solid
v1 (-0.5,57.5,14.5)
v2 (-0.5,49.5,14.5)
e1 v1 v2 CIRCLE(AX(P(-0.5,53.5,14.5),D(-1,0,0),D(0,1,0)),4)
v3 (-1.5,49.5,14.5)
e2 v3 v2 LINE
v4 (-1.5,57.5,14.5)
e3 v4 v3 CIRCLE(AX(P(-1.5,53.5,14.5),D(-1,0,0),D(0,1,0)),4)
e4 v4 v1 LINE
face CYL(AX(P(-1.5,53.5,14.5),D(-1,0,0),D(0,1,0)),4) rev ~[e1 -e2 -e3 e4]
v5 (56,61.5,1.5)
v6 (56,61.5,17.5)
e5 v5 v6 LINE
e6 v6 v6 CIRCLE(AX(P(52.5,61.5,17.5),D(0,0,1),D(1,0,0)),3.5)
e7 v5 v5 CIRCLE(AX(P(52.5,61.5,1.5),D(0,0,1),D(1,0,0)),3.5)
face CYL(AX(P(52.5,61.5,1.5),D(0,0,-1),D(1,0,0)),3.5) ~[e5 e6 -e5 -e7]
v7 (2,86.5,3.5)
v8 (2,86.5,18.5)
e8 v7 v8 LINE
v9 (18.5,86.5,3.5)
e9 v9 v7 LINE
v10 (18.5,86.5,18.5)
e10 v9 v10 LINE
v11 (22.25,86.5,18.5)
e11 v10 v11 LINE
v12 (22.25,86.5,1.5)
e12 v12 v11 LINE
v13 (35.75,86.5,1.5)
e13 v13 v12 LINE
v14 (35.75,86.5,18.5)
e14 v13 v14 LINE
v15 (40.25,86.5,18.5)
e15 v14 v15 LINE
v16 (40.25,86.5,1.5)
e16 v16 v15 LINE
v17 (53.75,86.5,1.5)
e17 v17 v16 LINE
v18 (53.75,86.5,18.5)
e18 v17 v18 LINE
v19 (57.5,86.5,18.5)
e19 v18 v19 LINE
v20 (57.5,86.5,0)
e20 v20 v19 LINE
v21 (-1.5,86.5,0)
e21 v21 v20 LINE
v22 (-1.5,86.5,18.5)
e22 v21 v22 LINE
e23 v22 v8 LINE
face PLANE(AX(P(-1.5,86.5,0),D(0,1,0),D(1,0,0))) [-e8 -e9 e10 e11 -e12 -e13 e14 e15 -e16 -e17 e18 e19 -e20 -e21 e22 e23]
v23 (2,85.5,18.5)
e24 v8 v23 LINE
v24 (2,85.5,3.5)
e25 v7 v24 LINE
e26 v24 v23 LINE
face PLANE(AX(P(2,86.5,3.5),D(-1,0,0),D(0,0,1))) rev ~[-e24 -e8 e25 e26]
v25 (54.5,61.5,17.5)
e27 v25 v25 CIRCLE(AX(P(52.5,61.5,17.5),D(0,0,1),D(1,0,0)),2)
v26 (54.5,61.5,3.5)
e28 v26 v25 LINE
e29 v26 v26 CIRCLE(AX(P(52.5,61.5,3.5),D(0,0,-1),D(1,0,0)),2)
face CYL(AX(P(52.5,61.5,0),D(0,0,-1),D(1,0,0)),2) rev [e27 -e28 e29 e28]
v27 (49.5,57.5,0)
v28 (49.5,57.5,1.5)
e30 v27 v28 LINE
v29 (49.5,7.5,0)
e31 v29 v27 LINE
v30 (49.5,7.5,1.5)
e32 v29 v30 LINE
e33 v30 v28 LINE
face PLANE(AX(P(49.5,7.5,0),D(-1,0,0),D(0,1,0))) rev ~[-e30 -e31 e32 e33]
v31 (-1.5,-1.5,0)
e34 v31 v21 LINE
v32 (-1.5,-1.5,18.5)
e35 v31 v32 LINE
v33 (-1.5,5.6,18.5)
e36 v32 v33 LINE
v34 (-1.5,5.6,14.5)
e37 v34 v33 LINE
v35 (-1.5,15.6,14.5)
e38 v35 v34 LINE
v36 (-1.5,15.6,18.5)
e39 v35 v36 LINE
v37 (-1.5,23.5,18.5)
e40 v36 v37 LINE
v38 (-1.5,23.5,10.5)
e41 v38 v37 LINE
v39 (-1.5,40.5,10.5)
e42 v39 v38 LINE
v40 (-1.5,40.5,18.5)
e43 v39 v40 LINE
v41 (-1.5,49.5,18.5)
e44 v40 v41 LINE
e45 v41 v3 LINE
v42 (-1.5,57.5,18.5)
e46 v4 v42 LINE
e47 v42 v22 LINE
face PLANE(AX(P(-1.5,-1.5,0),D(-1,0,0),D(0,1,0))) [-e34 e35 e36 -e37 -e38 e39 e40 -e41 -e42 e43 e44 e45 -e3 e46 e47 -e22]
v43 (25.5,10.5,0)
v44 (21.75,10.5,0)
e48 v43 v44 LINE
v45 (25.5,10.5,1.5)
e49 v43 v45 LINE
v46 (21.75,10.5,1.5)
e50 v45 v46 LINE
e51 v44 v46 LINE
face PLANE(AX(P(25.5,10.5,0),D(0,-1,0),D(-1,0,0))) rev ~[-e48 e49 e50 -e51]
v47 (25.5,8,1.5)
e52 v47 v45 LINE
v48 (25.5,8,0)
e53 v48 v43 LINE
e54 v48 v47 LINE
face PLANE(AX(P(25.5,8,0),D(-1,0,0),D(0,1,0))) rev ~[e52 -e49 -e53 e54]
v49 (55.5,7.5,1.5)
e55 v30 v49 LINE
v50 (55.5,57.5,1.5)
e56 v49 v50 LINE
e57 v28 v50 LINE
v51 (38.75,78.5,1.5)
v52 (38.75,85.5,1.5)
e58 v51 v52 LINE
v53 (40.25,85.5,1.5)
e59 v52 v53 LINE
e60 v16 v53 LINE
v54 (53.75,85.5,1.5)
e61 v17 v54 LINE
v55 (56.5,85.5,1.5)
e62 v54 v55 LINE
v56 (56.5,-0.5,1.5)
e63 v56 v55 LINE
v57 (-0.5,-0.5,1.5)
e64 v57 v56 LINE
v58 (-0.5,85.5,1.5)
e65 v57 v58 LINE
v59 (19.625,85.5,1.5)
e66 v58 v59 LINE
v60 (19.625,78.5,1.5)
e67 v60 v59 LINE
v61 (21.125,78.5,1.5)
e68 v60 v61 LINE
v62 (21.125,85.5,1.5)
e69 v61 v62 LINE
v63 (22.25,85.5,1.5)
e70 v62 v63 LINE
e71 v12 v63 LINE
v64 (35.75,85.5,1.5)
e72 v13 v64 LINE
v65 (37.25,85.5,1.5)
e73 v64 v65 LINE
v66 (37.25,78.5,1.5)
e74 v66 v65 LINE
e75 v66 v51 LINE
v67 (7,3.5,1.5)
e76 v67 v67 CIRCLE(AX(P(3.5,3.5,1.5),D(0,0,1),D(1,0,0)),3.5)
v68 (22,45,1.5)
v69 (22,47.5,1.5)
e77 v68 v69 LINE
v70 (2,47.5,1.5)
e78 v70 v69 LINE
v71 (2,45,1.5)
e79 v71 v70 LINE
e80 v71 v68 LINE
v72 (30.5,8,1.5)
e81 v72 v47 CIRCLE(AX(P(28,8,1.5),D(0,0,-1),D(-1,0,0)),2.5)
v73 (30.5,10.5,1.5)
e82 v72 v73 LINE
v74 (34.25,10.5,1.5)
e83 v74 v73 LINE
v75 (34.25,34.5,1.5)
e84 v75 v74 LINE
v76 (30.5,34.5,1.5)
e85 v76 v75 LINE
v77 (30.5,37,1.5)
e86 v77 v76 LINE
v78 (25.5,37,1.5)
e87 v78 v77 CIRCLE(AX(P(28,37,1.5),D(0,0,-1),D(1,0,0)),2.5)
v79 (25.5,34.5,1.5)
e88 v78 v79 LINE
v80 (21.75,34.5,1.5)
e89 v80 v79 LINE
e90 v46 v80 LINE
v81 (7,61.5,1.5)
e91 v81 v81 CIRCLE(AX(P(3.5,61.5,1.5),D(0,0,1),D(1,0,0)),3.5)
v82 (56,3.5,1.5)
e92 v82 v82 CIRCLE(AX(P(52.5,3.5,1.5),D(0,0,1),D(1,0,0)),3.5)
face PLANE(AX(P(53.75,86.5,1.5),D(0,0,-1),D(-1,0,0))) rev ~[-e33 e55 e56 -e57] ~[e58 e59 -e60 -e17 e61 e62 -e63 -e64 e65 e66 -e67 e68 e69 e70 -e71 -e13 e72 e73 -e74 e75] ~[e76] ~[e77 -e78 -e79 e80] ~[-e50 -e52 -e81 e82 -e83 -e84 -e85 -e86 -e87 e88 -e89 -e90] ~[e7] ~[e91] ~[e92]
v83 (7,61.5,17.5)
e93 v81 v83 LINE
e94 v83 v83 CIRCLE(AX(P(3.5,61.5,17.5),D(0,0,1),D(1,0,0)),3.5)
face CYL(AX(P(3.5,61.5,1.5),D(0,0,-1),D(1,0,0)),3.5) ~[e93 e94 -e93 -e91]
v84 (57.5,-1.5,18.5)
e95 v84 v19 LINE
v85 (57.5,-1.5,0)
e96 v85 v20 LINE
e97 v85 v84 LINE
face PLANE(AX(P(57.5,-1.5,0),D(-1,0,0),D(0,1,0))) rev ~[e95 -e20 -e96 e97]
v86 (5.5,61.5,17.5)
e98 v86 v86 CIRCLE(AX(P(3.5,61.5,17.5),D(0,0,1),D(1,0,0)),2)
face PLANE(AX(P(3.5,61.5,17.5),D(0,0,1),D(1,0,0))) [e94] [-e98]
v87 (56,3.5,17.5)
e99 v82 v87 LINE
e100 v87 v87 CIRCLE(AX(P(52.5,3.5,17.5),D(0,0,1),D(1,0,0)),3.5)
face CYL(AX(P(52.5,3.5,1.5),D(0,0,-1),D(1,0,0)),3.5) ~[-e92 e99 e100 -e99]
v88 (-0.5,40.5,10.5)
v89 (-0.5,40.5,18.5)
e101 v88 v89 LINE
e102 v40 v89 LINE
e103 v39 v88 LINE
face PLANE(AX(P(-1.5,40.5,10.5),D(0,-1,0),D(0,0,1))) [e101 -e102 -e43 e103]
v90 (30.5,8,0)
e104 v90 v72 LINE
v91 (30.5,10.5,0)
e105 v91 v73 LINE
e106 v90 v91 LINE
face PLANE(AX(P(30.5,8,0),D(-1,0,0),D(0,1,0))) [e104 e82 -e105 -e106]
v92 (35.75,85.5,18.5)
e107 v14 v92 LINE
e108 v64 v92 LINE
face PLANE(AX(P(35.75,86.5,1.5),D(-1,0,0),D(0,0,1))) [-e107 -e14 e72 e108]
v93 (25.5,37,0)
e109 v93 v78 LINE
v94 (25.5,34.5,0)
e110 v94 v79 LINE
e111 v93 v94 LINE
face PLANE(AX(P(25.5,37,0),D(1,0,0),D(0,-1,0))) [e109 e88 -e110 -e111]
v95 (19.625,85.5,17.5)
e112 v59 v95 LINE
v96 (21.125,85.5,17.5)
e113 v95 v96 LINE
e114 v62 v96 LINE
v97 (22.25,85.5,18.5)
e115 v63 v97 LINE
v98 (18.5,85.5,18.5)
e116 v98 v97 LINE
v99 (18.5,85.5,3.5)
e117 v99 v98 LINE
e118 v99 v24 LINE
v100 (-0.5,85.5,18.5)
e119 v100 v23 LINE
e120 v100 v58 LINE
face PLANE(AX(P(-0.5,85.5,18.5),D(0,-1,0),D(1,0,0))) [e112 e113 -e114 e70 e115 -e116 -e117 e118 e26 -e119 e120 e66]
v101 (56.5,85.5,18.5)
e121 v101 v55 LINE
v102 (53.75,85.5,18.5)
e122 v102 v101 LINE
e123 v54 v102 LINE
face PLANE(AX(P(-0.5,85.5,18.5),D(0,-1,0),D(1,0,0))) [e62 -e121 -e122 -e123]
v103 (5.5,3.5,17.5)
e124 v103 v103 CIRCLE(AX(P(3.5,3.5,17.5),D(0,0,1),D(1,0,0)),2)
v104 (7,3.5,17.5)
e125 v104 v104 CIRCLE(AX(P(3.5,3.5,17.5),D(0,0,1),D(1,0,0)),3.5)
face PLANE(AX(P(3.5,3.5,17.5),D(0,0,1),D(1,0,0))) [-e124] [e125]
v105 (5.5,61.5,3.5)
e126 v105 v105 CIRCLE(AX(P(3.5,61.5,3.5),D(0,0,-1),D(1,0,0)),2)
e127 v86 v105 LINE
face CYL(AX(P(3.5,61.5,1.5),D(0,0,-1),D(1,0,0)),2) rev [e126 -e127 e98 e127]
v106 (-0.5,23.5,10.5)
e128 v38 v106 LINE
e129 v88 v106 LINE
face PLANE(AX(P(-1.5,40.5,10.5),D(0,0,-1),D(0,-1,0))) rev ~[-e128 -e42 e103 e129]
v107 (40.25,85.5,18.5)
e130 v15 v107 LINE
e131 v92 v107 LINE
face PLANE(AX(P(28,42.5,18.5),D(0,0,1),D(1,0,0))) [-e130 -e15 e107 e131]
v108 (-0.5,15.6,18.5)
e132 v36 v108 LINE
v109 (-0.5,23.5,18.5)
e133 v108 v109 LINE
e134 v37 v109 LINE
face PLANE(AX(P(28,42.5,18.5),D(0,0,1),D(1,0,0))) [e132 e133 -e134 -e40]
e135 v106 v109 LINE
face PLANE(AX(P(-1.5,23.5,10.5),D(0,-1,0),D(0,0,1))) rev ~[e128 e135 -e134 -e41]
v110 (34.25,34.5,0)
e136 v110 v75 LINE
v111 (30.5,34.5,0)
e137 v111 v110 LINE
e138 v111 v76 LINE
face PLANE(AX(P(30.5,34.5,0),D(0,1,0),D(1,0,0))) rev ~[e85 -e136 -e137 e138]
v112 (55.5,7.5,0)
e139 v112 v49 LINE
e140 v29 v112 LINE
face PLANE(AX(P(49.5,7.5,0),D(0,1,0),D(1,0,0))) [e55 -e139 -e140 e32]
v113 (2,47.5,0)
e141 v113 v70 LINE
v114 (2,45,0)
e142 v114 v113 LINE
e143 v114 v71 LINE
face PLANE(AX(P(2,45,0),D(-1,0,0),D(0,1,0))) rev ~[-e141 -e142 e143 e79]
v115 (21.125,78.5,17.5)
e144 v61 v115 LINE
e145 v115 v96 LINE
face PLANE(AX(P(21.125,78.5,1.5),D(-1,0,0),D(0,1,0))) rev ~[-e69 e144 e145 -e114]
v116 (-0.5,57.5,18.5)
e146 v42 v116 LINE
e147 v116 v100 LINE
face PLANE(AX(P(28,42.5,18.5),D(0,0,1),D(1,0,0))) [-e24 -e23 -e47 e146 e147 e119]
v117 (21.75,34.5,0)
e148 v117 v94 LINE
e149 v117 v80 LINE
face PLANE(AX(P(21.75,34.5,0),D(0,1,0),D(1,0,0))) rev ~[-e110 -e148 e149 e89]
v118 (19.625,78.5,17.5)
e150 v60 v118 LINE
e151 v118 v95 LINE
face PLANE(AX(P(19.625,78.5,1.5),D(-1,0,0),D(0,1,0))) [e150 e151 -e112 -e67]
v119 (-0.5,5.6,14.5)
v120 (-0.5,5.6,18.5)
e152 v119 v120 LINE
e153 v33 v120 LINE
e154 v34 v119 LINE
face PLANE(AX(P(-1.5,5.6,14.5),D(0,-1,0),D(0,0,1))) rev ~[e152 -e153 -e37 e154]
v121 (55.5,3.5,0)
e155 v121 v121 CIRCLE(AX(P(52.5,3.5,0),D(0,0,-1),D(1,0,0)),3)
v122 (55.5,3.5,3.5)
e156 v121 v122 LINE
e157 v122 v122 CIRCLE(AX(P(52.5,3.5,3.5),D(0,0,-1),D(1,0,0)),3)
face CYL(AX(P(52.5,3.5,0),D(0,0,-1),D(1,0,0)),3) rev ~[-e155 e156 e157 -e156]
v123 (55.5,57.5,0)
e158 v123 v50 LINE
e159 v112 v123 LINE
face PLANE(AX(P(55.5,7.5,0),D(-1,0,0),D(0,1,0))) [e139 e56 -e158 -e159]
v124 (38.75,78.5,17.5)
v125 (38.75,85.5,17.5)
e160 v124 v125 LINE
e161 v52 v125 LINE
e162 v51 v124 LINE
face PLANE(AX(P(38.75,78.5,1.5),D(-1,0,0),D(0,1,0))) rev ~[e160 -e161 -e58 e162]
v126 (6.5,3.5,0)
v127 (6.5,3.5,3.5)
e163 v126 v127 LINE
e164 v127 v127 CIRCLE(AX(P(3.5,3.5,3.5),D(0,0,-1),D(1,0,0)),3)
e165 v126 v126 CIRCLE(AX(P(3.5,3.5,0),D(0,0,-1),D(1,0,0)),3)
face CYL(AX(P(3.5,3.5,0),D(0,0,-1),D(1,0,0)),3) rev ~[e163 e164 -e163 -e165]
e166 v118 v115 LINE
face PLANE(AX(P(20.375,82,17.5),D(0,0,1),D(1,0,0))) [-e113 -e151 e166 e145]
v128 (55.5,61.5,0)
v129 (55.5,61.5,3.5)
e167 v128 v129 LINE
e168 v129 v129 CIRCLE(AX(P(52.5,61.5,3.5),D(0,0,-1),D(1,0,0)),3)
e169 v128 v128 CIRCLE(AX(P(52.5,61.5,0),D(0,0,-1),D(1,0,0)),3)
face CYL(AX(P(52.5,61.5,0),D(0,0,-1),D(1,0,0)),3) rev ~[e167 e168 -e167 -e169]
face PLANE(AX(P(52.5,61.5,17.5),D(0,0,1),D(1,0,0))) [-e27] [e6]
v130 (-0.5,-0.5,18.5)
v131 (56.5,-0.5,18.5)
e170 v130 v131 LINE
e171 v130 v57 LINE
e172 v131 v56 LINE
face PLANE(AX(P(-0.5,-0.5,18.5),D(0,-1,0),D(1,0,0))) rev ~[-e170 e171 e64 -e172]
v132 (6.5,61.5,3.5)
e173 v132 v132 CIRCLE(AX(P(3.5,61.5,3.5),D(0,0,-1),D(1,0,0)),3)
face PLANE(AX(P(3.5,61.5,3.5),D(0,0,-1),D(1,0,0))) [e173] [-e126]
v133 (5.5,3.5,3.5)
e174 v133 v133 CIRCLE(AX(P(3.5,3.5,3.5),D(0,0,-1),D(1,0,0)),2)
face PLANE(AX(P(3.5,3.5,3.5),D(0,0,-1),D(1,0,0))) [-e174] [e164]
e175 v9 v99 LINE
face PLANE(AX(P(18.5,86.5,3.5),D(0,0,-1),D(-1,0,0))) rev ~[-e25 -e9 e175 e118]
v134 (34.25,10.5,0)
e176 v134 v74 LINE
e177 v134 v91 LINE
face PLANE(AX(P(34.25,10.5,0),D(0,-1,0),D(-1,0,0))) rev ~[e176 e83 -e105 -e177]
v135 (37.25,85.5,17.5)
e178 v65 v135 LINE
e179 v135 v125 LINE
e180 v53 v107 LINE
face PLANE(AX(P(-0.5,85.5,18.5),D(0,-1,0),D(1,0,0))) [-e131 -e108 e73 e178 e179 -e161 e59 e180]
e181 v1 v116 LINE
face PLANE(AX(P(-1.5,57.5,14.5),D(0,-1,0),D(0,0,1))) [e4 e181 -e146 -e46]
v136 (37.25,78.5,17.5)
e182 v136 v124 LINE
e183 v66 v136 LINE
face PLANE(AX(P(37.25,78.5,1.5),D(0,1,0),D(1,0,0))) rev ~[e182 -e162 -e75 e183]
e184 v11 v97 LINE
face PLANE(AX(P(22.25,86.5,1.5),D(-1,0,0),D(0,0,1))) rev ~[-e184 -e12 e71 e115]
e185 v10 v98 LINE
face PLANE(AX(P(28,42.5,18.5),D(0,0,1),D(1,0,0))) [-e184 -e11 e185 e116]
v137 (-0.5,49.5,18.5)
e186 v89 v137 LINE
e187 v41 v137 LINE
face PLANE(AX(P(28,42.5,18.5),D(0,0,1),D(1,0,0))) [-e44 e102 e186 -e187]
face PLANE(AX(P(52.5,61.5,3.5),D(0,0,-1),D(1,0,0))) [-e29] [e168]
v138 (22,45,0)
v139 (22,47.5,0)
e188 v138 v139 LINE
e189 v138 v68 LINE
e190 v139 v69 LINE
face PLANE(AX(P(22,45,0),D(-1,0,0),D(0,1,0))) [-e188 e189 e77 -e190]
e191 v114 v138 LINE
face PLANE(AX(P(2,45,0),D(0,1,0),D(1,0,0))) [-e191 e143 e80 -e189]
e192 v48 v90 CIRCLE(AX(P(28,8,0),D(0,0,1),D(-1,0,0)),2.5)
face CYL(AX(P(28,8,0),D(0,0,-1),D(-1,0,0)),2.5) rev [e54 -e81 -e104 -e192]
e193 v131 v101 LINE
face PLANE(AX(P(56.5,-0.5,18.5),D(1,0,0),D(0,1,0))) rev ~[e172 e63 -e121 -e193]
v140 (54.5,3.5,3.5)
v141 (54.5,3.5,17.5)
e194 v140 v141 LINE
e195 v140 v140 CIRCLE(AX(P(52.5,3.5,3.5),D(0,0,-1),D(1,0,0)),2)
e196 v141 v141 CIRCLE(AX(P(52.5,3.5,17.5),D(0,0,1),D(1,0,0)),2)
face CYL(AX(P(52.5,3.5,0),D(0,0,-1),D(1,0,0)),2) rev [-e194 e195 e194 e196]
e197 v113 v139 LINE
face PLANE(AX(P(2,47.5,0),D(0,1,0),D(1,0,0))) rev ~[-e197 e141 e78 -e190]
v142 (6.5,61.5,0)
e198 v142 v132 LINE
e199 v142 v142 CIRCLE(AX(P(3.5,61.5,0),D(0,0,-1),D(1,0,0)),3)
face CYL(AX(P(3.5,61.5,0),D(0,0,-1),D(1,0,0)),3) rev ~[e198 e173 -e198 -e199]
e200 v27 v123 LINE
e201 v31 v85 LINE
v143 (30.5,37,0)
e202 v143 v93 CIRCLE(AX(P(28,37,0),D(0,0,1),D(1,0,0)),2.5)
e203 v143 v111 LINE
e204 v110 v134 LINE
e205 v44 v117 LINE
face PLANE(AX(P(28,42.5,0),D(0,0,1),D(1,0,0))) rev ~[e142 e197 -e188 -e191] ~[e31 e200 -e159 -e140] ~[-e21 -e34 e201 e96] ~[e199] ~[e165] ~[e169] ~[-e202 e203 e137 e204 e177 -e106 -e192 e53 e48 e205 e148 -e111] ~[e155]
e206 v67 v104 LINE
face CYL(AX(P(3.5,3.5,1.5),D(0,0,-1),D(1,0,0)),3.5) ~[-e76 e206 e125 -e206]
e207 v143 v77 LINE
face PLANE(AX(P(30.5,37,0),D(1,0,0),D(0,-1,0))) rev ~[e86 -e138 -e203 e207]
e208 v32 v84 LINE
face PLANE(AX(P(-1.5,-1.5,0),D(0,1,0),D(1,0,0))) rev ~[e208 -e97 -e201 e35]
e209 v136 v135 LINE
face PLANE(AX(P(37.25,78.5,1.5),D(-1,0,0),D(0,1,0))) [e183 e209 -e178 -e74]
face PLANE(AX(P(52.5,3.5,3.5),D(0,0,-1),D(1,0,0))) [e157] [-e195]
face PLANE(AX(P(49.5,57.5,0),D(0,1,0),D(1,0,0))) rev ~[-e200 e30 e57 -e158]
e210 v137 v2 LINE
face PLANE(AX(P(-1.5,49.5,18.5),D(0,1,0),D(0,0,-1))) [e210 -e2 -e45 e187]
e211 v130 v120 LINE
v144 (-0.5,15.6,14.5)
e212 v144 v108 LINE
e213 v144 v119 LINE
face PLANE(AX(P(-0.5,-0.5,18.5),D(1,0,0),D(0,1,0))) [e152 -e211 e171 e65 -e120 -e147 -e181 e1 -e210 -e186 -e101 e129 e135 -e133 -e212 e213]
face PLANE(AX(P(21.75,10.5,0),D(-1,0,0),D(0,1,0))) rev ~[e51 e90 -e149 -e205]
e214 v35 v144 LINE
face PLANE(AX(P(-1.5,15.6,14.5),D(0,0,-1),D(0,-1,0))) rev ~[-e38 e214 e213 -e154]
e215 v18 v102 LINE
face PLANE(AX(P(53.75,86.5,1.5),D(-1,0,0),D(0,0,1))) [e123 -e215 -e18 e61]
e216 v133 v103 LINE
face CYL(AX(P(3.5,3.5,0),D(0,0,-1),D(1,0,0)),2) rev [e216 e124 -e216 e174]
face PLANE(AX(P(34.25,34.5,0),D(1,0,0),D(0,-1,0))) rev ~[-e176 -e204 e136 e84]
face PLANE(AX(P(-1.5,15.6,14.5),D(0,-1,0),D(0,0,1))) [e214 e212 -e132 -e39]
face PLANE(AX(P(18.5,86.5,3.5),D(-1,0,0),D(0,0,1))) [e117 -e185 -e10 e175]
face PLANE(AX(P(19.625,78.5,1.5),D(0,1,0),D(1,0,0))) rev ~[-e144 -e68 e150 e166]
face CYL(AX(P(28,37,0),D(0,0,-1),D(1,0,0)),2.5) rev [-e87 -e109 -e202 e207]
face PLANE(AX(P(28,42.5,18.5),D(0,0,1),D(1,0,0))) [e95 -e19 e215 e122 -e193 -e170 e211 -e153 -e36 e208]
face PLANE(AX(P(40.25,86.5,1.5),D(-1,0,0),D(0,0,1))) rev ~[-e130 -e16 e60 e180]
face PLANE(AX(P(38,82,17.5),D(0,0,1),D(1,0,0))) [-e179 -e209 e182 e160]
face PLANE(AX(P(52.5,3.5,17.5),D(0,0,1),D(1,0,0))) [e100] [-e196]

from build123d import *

# Parameters (mm, degrees)
SKETCH_W        = 59
SKETCH_H        = 88
SKETCH_R        = 2
SKETCH_W_2      = 20
SKETCH_H_2      = 2.5
SKETCH_W_3      = 6
SKETCH_H_3      = 50
PAD_DEPTH       = 18.5
SKETCH001_W     = 57
SKETCH001_H     = 86
POCKET_DEPTH    = 17
SKETCH003_W     = 16.5
SKETCH003_H     = 15
SKETCH003_W_2   = 13.5
SKETCH003_H_2   = 17
POCKET001_DEPTH = 1
SKETCH004_R     = 3.5
SKETCH004_R_2   = 2
SKETCH004_W     = 1.5
SKETCH004_H     = 7
PAD001_DEPTH    = 16
SKETCH005_W     = 10
SKETCH005_H     = 4
SKETCH005_W_2   = 17
SKETCH005_H_2   = 8
POCKET002_DEPTH = 1
SKETCH006_R     = 3
POCKET003_DEPTH = 3.5


with BuildPart() as part:
    # Sketch → Pad (new body)
    with BuildSketch(Plane.XY):
        with Locations((28, 42.5)):
            Rectangle(SKETCH_W, SKETCH_H)
        with Locations((3.5, 61.5)):
            Circle(SKETCH_R, mode=Mode.SUBTRACT)
        with Locations((52.5, 61.5)):
            Circle(SKETCH_R, mode=Mode.SUBTRACT)
        with Locations((52.5, 3.5)):
            Circle(SKETCH_R, mode=Mode.SUBTRACT)
        with Locations((3.5, 3.5)):
            Circle(SKETCH_R, mode=Mode.SUBTRACT)
        with Locations((12, 46.25)):
            Rectangle(SKETCH_W_2, SKETCH_H_2, mode=Mode.SUBTRACT)
        with BuildLine():
            Line((21.75, 34.5), (25.5, 34.5))
            Line((25.5, 37), (25.5, 34.5))
            ThreePointArc((30.5, 37), (28, 39.5), (25.5, 37))
            Line((30.5, 37), (30.5, 34.5))
            Line((30.5, 34.5), (34.25, 34.5))
            Line((34.25, 34.5), (34.25, 10.5))
            Line((34.25, 10.5), (30.5, 10.5))
            Line((30.5, 8), (30.5, 10.5))
            ThreePointArc((25.5, 8), (28, 5.5), (30.5, 8))
            Line((25.5, 8), (25.5, 10.5))
            Line((25.5, 10.5), (21.75, 10.5))
            Line((21.75, 10.5), (21.75, 34.5))
        make_face(mode=Mode.SUBTRACT)
        with Locations((52.5, 32.5)):
            Rectangle(SKETCH_W_3, SKETCH_H_3, mode=Mode.SUBTRACT)
    extrude(amount=PAD_DEPTH)

    # Sketch001 → Pocket (cut)
    with BuildSketch(Plane.XY.offset(18.5)):
        with Locations((28, 42.5)):
            Rectangle(SKETCH001_W, SKETCH001_H)
    extrude(amount=-POCKET_DEPTH, mode=Mode.SUBTRACT)

    # Sketch003 → Pocket001 (cut)
    with BuildSketch(Plane(origin=(0, 86.5, 0), x_dir=(-1, 0, 0), z_dir=(0, 1, 0))):
        with Locations((-10.25, 11)):
            Rectangle(SKETCH003_W, SKETCH003_H)
        with Locations((-29, 10)):
            Rectangle(SKETCH003_W_2, SKETCH003_H_2)
        with Locations((-47, 10)):
            Rectangle(SKETCH003_W_2, SKETCH003_H_2)
    extrude(amount=-POCKET001_DEPTH, mode=Mode.SUBTRACT)

    # Sketch004 → Pad001 (new body)
    with BuildSketch(Plane.XY.offset(1.5)):
        with Locations((3.5, 61.5)):
            Circle(SKETCH004_R)
        with Locations((3.5, 61.5)):
            Circle(SKETCH004_R_2, mode=Mode.SUBTRACT)
        with Locations((52.5, 61.5)):
            Circle(SKETCH004_R)
        with Locations((52.5, 61.5)):
            Circle(SKETCH004_R_2, mode=Mode.SUBTRACT)
        with Locations((52.5, 3.5)):
            Circle(SKETCH004_R)
        with Locations((52.5, 3.5)):
            Circle(SKETCH004_R_2, mode=Mode.SUBTRACT)
        with Locations((3.5, 3.5)):
            Circle(SKETCH004_R)
        with Locations((3.5, 3.5)):
            Circle(SKETCH004_R_2, mode=Mode.SUBTRACT)
        with Locations((20.375, 82)):
            Rectangle(SKETCH004_W, SKETCH004_H)
        with Locations((38, 82)):
            Rectangle(SKETCH004_W, SKETCH004_H)
    extrude(amount=PAD001_DEPTH)

    # Sketch005 → Pocket002 (cut)
    with BuildSketch(Plane(origin=(-1.5, 0, 0), x_dir=(0, -1, 0), z_dir=(-1, 0, 0))):
        with Locations((-10.6, 16.5)):
            Rectangle(SKETCH005_W, SKETCH005_H)
        with Locations((-32, 14.5)):
            Rectangle(SKETCH005_W_2, SKETCH005_H_2)
        with BuildLine():
            Line((-57.5, 18.5), (-49.5, 18.5))
            Line((-49.5, 18.5), (-49.5, 14.5))
            ThreePointArc((-57.5, 14.5), (-53.5, 10.5), (-49.5, 14.5))
            Line((-57.5, 14.5), (-57.5, 18.5))
        make_face()
    extrude(amount=-POCKET002_DEPTH, mode=Mode.SUBTRACT)

    # Sketch006 → Pocket003 (cut)
    with BuildSketch(Plane(origin=(0, 0, 0), x_dir=(1, 0, 0), z_dir=(0, 0, -1))):
        with Locations((3.5, -3.5)):
            Circle(SKETCH006_R)
        with Locations((52.5, -3.5)):
            Circle(SKETCH006_R)
        with Locations((52.5, -61.5)):
            Circle(SKETCH006_R)
        with Locations((3.5, -61.5)):
            Circle(SKETCH006_R)
    extrude(amount=-POCKET003_DEPTH, mode=Mode.SUBTRACT)


solid = part.part
